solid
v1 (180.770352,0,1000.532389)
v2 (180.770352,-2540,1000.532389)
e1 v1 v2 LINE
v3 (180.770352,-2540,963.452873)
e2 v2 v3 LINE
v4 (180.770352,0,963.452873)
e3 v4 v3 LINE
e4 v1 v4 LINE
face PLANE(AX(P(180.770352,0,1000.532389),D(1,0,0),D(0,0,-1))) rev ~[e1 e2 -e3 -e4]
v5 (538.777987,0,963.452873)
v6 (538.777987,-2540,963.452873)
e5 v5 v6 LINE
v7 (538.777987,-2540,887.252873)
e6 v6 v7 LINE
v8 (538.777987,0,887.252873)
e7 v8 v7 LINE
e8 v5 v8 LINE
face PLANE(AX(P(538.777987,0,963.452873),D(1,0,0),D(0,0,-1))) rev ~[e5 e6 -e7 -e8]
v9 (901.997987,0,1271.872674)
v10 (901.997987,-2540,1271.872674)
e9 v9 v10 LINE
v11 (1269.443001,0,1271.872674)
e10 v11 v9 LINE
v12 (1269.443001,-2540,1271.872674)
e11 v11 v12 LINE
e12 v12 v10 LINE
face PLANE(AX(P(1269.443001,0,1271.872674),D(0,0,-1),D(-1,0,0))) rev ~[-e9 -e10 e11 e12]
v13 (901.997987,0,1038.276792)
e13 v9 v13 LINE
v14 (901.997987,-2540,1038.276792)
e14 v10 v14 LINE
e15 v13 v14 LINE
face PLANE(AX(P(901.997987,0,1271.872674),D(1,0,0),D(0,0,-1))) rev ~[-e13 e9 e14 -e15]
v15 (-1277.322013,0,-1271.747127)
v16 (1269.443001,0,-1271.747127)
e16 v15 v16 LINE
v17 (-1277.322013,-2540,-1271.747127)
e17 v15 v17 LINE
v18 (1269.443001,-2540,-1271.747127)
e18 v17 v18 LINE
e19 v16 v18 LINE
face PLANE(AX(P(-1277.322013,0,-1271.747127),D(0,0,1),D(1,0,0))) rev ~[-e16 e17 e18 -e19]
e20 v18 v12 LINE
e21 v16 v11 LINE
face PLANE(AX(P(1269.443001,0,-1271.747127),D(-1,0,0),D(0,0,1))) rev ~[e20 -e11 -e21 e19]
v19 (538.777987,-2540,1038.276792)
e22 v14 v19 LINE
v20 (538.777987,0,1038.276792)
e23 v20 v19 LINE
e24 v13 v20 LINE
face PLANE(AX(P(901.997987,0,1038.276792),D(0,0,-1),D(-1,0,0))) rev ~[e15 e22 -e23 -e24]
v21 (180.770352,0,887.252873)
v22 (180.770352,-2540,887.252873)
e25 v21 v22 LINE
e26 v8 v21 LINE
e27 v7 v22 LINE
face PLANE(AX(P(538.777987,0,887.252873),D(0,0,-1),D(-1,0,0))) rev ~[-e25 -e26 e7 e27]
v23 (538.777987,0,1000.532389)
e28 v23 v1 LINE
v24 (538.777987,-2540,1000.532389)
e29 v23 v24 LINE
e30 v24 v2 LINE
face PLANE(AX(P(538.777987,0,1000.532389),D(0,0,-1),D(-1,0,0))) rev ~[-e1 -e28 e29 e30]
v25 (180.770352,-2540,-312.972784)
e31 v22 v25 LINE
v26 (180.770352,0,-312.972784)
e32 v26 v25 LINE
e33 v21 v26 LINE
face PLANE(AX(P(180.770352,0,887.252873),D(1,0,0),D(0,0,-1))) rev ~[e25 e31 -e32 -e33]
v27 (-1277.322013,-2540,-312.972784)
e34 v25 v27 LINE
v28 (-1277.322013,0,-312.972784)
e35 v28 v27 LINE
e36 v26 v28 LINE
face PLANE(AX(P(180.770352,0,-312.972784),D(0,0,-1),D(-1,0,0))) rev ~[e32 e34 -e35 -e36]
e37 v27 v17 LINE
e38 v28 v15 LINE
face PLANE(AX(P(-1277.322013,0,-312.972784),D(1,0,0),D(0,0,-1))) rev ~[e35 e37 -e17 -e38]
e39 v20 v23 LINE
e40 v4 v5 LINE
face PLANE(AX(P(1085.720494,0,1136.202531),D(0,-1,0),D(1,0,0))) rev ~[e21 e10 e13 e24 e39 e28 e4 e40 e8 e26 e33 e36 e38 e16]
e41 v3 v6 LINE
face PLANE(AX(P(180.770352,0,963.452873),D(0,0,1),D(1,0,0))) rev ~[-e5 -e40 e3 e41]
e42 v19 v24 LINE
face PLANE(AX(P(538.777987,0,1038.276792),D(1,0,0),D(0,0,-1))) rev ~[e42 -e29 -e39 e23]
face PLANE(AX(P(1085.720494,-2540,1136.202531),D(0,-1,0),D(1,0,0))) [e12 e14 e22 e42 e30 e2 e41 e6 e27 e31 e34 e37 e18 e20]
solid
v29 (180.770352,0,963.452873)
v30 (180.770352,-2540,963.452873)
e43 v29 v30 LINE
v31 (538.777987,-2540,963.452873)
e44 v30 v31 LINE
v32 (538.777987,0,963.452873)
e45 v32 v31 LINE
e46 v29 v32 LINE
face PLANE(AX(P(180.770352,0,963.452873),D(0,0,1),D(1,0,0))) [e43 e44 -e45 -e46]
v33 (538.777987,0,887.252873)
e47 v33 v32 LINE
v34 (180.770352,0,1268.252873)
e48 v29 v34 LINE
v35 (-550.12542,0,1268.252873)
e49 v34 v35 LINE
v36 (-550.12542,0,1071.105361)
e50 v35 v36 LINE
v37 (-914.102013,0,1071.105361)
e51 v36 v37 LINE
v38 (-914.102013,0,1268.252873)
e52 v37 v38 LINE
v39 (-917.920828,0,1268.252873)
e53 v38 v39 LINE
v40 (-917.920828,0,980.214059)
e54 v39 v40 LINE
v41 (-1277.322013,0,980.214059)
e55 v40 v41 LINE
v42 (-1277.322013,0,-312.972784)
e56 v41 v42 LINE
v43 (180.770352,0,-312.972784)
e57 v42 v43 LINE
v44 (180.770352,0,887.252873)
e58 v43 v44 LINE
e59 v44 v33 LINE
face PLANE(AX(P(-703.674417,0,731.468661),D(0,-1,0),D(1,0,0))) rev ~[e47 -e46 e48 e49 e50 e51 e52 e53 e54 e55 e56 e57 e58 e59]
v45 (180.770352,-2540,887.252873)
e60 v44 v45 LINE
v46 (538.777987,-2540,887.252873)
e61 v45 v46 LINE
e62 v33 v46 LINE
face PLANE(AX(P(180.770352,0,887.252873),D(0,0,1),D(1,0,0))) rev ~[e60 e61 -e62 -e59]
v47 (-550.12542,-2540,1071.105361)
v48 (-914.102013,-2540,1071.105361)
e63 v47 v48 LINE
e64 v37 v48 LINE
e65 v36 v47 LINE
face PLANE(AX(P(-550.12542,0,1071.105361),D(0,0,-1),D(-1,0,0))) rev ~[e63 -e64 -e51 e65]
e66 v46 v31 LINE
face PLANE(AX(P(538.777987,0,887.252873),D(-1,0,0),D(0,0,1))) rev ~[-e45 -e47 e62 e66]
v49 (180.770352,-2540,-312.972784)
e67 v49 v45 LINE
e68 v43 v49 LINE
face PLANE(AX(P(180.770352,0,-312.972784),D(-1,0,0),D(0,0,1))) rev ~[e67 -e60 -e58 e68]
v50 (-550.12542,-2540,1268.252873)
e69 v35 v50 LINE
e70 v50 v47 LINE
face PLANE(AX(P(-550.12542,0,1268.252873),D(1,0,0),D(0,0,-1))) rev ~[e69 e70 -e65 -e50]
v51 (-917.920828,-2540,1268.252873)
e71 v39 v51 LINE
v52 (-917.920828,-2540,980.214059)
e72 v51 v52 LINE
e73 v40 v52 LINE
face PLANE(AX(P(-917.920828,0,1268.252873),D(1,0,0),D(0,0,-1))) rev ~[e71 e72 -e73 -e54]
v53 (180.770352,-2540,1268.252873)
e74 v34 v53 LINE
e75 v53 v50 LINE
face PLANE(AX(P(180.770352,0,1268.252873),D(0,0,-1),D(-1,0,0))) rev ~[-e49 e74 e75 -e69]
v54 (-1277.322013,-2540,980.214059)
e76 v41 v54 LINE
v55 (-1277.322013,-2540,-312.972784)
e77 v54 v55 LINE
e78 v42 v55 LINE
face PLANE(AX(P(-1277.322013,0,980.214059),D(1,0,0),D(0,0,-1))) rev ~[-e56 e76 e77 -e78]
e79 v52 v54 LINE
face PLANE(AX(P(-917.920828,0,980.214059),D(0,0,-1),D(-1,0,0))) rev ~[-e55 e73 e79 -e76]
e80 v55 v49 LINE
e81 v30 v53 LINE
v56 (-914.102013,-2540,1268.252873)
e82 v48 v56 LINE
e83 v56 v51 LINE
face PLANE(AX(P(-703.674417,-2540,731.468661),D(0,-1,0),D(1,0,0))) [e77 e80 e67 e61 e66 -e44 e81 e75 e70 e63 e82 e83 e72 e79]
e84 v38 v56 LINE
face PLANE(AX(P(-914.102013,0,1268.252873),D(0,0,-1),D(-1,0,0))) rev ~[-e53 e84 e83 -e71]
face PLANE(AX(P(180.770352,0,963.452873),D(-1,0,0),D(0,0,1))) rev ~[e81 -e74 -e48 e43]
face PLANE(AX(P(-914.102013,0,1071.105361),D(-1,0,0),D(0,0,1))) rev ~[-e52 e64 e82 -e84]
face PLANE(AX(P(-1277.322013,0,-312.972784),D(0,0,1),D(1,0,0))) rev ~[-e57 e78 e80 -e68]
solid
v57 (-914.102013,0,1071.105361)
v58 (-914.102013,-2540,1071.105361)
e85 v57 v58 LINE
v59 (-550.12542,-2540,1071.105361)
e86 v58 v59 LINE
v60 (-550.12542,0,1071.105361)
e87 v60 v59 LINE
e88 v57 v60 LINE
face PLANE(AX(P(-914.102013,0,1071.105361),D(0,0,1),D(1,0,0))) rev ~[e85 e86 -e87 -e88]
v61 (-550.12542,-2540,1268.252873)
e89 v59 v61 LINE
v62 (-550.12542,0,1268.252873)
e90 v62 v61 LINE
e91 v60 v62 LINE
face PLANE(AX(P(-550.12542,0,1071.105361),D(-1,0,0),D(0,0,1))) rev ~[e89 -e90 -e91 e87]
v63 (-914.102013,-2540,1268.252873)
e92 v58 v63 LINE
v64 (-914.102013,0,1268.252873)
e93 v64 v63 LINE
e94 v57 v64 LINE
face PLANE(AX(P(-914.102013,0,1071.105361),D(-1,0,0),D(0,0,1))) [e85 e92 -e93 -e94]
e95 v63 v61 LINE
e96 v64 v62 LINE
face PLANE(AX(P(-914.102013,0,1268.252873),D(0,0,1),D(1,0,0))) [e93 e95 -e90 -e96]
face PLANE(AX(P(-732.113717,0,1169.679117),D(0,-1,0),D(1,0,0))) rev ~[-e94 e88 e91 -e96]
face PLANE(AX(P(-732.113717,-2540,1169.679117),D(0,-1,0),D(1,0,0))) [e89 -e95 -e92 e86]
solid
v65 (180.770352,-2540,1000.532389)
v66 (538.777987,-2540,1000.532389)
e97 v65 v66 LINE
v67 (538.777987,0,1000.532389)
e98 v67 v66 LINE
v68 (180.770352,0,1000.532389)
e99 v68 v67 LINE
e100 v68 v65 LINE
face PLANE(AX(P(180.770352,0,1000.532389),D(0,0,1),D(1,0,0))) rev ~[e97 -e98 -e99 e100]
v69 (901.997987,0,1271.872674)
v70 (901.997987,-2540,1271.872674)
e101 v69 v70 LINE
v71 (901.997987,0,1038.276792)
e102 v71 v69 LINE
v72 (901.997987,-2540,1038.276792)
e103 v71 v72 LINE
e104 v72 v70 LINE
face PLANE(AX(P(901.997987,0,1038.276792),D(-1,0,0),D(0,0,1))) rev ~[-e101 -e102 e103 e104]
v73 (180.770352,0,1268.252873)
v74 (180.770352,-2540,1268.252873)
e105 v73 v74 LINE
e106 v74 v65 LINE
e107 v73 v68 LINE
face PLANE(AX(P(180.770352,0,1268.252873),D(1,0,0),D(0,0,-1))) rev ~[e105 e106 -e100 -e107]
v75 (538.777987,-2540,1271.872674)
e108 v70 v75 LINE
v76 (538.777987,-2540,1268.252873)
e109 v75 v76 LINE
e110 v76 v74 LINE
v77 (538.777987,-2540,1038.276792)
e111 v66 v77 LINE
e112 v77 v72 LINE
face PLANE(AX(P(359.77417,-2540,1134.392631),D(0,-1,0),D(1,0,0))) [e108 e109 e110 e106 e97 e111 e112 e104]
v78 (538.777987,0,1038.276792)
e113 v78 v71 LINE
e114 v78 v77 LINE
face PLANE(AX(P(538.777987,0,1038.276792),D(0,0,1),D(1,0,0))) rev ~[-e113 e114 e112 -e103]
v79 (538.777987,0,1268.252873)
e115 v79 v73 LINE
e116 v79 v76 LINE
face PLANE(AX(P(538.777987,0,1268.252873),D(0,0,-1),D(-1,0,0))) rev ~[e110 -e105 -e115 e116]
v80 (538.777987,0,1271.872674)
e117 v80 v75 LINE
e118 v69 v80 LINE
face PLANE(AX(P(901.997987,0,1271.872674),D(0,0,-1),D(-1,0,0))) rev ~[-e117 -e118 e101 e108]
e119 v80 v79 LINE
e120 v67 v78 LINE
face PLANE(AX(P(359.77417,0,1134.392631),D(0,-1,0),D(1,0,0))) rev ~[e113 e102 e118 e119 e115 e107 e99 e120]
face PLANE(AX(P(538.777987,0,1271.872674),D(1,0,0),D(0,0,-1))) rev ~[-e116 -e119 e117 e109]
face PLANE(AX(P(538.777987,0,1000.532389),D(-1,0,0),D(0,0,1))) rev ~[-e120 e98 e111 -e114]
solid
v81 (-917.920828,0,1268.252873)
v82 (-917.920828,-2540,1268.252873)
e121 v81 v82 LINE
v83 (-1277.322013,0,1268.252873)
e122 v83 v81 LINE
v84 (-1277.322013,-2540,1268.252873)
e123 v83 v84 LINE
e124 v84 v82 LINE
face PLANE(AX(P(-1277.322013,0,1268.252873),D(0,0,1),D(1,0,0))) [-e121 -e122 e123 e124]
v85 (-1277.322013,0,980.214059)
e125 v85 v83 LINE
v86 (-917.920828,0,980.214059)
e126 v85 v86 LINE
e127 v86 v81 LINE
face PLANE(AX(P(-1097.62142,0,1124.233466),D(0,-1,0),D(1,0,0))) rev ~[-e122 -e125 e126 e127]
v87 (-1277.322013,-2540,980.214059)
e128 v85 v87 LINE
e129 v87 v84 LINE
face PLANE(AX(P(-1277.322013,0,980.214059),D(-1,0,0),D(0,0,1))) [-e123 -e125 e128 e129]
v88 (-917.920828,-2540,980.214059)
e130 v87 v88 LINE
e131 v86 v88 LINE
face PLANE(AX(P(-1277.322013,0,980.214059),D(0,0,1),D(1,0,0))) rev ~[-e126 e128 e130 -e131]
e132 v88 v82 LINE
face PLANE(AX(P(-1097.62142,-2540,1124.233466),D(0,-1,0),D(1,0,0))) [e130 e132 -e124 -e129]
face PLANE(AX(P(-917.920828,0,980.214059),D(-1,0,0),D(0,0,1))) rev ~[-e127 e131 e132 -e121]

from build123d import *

# Parameters (mm, degrees)
F0_W     = 359.4011852388
F0_H     = 288.038813754
F1_DEPTH = 2540
F0_W_2   = 363.9765930109
F0_H_2   = 197.147512122
F2_DEPTH = 2540
F0_W_3   = 358.0076344128
F0_H_3   = 76.2
F3_DEPTH = 2540
F4_DEPTH = 2540


with BuildPart() as f1:
    # F0 (on Front) → F1 (new body)
    with BuildSketch(Plane.XZ):
        with Locations((-1097.621420485, 1124.2334662299)):
            Rectangle(F0_W, F0_H)
    extrude(amount=F1_DEPTH)


with BuildPart() as f1b:
    # F0 (on Front) → F1, piece 2 (new body)
    with BuildSketch(Plane.XZ):
        Polygon((901.9979868956, 1271.8726735222), (538.7779868956, 1271.8726735222), (538.7779868956, 1268.2528731068), (538.7779868956, 1038.2767915726), (901.9979868956, 1038.2767915726), align=None)
    extrude(amount=F1_DEPTH)

    # F0 (on Front) → F2, piece 2 (join)
    with BuildSketch(Plane.XZ):
        Polygon((538.7779868956, 1268.2528731068), (180.7703524828, 1268.2528731068), (180.7703524828, 1000.5323886871), (538.7779868956, 1000.5323886871), (538.7779868956, 1038.2767915726), align=None)
    extrude(amount=F2_DEPTH)


with BuildPart() as f2:
    # F0 (on Front) → F2 (new body)
    with BuildSketch(Plane.XZ):
        with Locations((-732.113716599, 1169.6791170458)):
            Rectangle(F0_W_2, F0_H_2)
    extrude(amount=F2_DEPTH)


with BuildPart() as f3:
    # F0 (on Front) → F3 (new body)
    with BuildSketch(Plane.XZ):
        Polygon((-917.9208278656, 980.2140593529), (-1277.3220131044, 980.2140593529), (-1277.3220131044, 963.4528731068), (-1277.3220131044, 887.2528731068), (-1277.3220131044, 195.8300620317), (-172.4220131044, 195.8300620317), (-172.4220131044, 1268.2528731068), (-550.1254200935, 1268.2528731068), (-550.1254200935, 1071.1053609848), (-914.1020131044, 1071.1053609848), (-914.1020131044, 1268.2528731068), (-917.9208278656, 1268.2528731068), align=None)
        Polygon((-172.4220131044, 195.8300620317), (-1277.3220131044, 195.8300620317), (-1277.3220131044, -312.9727840424), (180.7703524828, -312.9727840424), (180.7703524828, 887.2528731068), (180.7703524828, 963.4528731068), (180.7703524828, 1000.5323886871), (180.7703524828, 1268.2528731068), (-172.4220131044, 1268.2528731068), align=None)
        with Locations((359.7741696892, 925.3528731068)):
            Rectangle(F0_W_3, F0_H_3)
    extrude(amount=F3_DEPTH)


with BuildPart() as f4:
    # F0 (on Front) → F4 (new body)
    with BuildSketch(Plane.XZ):
        Polygon((1269.4430012173, 1271.8726735222), (901.9979868956, 1271.8726735222), (901.9979868956, 1038.2767915726), (901.9979868956, 1000.5323886871), (1269.4430012173, 1000.5323886871), align=None)
        Polygon((180.7703524828, -312.9727840424), (-1277.3220131044, -312.9727840424), (-1277.3220131044, -1271.7471268932), (1269.4430012173, -1271.7471268932), (1269.4430012173, 1000.5323886871), (901.9979868956, 1000.5323886871), (901.9979868956, 1038.2767915726), (538.7779868956, 1038.2767915726), (538.7779868956, 1000.5323886871), (180.7703524828, 1000.5323886871), (180.7703524828, 963.4528731068), (538.7779868956, 963.4528731068), (538.7779868956, 887.2528731068), (180.7703524828, 887.2528731068), align=None)
    extrude(amount=F4_DEPTH)


solid = Compound([f1.part, f1b.part, f2.part, f3.part, f4.part])
